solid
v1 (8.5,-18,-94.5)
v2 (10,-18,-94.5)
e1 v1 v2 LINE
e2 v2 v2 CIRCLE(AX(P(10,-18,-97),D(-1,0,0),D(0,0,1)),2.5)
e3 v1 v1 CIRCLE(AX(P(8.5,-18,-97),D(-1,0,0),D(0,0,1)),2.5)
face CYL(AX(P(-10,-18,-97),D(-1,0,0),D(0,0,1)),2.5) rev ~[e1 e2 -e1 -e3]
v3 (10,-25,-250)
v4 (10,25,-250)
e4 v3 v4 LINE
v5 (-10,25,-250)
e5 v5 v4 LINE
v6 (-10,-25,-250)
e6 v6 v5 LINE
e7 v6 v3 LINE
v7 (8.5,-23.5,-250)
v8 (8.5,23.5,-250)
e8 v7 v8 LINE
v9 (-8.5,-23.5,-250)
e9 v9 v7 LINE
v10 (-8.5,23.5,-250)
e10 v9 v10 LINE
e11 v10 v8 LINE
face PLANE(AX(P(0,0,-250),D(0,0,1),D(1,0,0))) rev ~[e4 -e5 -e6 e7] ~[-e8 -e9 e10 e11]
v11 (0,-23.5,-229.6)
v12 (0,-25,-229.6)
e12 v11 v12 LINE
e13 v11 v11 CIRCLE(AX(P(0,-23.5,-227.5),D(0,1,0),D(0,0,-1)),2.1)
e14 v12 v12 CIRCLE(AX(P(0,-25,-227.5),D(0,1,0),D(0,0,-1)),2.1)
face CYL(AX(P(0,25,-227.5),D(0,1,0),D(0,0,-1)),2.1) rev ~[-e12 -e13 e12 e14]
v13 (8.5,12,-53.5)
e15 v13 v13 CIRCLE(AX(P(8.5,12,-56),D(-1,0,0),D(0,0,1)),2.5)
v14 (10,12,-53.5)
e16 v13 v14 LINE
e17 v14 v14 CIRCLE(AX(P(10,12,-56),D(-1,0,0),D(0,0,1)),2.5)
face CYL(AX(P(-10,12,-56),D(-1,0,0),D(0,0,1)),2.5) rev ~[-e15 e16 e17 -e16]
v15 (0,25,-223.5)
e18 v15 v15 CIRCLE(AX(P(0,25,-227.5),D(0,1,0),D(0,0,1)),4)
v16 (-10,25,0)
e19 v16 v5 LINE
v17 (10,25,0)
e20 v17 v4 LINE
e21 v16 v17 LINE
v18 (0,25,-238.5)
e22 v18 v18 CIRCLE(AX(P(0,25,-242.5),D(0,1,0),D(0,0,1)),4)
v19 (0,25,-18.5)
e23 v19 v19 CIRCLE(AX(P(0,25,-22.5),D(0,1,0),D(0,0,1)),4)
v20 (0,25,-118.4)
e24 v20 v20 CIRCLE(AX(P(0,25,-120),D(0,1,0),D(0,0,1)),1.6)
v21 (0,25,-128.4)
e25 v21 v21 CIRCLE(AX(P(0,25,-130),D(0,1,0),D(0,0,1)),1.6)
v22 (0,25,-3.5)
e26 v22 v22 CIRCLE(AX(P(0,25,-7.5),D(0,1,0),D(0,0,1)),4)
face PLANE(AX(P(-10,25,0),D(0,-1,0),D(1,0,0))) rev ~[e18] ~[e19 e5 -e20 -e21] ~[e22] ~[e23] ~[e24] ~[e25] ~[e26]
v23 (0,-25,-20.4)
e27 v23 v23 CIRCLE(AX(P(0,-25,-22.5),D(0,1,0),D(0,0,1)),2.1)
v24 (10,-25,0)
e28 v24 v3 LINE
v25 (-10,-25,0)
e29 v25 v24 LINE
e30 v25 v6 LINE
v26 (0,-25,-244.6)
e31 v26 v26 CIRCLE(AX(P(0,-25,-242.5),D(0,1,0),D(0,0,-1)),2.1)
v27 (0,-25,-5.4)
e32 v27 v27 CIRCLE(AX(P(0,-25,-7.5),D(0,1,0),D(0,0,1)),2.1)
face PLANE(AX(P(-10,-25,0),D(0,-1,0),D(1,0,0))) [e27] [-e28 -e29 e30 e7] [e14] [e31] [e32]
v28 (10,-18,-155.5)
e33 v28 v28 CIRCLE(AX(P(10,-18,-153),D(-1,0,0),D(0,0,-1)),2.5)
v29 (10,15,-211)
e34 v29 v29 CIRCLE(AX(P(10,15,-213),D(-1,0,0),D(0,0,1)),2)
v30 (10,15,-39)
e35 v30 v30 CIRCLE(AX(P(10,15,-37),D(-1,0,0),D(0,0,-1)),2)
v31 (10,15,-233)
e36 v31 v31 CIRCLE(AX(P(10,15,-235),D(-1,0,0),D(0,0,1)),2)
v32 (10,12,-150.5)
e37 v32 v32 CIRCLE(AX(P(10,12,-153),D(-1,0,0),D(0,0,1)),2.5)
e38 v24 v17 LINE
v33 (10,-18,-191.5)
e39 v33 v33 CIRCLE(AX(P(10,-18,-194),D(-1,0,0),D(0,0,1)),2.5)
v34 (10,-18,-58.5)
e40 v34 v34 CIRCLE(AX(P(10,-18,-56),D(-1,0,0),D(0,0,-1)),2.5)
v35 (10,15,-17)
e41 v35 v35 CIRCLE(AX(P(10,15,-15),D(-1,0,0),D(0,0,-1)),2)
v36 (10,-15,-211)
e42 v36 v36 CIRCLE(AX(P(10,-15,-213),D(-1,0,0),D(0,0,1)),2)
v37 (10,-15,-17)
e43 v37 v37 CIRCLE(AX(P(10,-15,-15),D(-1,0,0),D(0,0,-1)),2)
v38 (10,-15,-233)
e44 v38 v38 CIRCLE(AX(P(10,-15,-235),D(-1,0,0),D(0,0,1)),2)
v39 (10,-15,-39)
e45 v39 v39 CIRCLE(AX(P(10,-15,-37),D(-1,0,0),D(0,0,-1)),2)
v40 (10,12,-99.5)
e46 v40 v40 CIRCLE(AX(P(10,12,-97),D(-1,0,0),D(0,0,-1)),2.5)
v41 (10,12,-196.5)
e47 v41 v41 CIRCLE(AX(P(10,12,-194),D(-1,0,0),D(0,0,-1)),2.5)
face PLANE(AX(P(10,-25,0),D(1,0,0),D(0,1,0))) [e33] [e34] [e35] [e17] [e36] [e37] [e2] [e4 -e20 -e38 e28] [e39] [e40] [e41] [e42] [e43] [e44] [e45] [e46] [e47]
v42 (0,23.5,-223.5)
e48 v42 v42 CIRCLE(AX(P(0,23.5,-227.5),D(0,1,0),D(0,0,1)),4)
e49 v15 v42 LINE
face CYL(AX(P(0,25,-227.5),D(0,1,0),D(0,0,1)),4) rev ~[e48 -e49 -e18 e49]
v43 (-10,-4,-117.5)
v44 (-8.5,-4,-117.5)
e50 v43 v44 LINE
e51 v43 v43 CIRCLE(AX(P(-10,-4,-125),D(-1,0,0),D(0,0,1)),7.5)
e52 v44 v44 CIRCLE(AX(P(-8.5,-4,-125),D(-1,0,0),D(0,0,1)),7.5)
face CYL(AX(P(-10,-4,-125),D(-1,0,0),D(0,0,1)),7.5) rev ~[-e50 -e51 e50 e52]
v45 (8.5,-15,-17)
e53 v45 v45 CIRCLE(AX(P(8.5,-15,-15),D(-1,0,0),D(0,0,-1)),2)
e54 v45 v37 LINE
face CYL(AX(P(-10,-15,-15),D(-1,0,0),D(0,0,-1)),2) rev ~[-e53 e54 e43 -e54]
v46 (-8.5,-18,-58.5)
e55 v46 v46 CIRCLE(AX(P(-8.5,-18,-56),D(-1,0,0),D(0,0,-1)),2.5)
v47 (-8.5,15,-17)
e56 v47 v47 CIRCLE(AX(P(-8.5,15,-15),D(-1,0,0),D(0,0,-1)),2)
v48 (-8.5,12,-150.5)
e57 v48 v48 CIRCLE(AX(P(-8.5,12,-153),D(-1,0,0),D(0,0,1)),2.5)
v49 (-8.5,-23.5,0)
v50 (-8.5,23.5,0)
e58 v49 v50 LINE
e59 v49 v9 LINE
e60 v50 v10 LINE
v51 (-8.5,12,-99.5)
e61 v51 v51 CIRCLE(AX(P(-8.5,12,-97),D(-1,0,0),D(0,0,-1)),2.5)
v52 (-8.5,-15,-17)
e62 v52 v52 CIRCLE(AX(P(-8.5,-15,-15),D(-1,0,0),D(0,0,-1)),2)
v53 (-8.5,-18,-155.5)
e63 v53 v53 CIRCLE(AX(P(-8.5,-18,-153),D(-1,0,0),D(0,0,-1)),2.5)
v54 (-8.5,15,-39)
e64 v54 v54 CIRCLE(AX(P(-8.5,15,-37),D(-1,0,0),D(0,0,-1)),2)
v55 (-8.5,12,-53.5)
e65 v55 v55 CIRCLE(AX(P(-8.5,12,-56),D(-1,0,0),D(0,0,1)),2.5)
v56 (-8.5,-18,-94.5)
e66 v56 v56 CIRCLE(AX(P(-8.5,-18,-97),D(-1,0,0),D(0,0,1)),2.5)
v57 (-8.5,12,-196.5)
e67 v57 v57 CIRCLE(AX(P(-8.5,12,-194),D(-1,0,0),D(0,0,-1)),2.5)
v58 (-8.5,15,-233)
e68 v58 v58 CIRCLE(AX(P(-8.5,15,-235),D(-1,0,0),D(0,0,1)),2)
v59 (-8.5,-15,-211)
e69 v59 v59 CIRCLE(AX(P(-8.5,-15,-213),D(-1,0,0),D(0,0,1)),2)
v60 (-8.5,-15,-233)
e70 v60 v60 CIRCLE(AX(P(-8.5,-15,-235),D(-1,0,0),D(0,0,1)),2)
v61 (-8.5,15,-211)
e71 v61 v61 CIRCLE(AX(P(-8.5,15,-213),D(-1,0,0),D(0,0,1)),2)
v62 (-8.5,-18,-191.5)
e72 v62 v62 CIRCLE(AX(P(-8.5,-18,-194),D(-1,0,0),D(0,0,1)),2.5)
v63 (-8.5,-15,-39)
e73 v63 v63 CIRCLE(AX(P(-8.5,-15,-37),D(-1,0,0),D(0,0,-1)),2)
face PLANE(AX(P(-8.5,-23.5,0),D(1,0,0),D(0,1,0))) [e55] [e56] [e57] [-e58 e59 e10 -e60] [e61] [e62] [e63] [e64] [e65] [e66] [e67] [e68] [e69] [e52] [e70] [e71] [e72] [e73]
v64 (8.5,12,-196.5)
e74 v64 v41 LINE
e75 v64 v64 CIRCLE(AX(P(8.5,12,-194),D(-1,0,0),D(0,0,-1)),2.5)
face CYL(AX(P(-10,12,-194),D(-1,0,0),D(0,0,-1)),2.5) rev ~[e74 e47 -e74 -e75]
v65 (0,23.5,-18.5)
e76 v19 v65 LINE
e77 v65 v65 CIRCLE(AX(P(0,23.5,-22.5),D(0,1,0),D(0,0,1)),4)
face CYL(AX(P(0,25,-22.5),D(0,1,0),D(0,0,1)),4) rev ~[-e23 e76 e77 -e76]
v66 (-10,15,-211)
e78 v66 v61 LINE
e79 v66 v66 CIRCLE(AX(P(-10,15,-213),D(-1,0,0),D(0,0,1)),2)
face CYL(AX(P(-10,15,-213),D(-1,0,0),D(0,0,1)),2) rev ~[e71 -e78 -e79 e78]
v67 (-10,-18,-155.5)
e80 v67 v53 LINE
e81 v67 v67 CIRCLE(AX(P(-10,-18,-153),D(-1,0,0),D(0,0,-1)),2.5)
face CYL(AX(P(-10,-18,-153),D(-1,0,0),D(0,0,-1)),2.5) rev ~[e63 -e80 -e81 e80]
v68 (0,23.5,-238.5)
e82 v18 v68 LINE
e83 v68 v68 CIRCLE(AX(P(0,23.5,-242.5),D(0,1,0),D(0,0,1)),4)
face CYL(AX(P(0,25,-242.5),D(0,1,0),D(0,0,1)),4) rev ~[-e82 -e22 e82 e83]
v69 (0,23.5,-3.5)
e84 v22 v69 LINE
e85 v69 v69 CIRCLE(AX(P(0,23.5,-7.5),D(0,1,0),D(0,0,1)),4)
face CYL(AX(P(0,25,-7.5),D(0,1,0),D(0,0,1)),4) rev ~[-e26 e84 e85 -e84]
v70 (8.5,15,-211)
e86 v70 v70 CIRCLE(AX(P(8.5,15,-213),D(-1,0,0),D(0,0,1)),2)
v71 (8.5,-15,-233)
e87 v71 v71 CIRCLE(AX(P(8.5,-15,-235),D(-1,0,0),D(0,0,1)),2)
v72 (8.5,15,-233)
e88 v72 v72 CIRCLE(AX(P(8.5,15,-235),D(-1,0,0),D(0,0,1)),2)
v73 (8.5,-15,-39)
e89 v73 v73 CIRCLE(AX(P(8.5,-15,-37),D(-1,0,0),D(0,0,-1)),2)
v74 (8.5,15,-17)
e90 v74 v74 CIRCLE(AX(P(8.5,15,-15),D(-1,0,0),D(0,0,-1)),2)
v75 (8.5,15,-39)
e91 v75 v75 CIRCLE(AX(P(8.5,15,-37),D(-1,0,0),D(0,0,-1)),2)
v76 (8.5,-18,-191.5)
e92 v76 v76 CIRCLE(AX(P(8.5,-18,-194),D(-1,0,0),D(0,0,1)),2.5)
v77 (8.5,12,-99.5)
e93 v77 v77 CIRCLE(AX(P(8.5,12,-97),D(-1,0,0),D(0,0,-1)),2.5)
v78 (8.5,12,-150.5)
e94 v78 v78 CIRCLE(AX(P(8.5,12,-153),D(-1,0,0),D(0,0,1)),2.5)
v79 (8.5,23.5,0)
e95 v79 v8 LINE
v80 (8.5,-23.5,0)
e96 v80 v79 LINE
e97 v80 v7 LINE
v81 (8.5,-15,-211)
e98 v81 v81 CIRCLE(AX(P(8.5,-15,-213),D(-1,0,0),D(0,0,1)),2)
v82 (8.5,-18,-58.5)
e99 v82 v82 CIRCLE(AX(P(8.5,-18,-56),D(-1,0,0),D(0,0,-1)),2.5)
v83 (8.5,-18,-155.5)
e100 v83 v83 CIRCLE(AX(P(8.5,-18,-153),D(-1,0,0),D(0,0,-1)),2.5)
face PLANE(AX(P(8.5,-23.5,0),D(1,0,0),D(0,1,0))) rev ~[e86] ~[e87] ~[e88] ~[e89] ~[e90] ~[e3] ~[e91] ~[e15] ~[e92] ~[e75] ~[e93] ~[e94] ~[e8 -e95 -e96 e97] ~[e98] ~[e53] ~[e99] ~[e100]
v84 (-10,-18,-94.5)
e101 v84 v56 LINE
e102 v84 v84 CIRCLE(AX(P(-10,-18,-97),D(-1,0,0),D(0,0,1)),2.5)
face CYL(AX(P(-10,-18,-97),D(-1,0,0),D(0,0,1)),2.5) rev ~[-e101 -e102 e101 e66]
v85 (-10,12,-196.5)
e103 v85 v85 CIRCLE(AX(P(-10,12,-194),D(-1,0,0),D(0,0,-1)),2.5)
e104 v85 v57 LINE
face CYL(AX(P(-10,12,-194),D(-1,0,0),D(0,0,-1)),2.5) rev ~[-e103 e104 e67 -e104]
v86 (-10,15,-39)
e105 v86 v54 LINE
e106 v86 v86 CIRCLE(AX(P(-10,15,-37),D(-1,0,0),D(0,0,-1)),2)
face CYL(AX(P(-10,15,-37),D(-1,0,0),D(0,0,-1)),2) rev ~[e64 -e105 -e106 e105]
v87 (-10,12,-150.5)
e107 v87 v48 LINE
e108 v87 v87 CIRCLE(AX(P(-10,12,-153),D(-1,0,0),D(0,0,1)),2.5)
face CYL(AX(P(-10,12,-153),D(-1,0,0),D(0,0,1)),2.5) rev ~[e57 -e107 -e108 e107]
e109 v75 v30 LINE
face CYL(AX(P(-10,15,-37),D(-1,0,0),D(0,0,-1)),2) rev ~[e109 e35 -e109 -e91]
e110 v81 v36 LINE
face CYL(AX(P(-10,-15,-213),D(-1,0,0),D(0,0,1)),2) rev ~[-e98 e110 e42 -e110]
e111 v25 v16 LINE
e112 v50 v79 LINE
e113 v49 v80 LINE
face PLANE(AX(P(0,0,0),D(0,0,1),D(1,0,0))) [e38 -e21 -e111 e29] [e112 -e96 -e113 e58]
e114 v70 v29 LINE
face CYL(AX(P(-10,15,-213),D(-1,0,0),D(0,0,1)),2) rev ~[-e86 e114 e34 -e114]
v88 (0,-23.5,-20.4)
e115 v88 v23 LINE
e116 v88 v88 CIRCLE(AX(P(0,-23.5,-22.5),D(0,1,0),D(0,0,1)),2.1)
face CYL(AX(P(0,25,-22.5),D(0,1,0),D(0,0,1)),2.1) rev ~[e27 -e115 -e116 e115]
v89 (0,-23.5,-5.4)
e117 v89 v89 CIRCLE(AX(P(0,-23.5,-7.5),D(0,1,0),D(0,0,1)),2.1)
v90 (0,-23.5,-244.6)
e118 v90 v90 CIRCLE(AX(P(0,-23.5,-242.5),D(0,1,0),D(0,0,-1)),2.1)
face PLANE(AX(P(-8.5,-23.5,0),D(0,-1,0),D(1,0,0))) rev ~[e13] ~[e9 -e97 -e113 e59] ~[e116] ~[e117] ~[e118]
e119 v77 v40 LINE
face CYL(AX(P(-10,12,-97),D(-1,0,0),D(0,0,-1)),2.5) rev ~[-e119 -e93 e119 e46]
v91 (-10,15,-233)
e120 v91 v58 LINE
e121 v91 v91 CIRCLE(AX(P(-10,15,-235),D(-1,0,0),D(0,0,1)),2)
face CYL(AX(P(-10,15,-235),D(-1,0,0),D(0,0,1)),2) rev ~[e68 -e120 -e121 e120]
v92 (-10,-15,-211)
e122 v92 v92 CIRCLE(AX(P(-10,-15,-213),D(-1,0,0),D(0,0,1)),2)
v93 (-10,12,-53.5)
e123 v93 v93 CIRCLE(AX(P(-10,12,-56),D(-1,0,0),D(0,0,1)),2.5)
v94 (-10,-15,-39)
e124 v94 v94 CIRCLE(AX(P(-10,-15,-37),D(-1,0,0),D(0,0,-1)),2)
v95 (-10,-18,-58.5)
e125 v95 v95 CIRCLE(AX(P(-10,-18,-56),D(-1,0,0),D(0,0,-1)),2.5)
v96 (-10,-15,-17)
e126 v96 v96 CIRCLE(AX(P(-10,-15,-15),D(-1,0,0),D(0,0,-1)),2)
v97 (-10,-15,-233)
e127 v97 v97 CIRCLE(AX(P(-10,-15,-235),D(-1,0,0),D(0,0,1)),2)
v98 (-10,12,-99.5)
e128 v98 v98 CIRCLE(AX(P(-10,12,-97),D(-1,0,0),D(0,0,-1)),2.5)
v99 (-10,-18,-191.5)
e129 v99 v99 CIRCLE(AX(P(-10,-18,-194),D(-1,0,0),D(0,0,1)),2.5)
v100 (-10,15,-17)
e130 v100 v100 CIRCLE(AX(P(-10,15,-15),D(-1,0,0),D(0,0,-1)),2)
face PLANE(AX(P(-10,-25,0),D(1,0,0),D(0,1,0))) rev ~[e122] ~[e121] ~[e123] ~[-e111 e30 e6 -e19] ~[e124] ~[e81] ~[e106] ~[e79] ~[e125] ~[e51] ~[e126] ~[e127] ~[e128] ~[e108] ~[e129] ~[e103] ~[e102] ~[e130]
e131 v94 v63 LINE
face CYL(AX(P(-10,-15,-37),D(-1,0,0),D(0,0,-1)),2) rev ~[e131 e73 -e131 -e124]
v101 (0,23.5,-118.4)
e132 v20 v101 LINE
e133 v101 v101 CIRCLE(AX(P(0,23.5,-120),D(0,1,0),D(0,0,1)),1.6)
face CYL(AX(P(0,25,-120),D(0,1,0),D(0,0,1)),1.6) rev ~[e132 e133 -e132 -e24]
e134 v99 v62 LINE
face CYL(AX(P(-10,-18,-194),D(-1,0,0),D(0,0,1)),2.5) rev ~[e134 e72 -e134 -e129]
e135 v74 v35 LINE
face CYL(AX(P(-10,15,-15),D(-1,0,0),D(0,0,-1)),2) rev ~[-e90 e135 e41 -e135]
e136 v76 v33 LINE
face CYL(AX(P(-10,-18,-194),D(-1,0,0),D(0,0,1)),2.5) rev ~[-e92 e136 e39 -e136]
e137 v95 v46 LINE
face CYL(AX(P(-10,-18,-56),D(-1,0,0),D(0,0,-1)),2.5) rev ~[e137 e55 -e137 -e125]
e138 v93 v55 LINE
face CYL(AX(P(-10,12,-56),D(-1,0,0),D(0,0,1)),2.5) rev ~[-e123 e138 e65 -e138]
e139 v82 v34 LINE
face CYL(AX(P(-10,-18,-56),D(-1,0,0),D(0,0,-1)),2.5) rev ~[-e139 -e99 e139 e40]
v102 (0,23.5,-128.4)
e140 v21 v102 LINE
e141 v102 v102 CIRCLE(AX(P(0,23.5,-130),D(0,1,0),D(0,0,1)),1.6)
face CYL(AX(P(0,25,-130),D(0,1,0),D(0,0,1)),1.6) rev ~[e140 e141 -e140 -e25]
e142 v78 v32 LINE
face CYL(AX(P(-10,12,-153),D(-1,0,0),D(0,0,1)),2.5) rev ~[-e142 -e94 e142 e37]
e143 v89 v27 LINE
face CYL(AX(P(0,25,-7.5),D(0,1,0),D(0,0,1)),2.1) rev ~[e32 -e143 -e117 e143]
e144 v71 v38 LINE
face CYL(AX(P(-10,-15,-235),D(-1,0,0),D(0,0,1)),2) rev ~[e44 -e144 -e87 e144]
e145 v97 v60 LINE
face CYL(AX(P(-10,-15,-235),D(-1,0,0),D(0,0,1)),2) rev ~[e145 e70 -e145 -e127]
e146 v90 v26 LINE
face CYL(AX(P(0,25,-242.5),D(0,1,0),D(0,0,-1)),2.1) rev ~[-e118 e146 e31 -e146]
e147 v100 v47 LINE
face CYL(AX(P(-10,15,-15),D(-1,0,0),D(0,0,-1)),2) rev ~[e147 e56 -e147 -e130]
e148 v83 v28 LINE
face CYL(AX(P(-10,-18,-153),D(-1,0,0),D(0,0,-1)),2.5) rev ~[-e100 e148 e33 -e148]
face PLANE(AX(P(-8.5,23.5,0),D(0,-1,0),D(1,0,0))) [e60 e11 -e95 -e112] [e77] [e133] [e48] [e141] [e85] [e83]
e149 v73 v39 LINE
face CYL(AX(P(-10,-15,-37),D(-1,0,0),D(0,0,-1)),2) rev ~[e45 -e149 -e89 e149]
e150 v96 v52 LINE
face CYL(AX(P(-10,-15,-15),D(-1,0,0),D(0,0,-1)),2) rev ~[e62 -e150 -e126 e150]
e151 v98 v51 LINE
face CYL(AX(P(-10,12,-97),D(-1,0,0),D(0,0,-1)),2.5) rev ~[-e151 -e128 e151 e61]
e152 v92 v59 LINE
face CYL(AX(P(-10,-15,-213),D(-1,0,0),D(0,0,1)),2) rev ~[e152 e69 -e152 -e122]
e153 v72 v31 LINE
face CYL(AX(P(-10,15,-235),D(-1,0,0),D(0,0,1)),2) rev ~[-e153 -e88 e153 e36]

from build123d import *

# Parameters (mm, degrees)
SKETCH_1_W          = 20
SKETCH_1_H          = 50
SKETCH_1_W_2        = 17
SKETCH_1_H_2        = 47
EXTRUDE_1_DEPTH     = 250
SKETCH_2_R          = 2.5
CUT_EXTRUDE_1_DEPTH = 253.041663223
SKETCH_3_R          = 2.1
CUT_EXTRUDE_2_DEPTH = 256.147016443
SKETCH_4_R          = 1.6
CUT_EXTRUDE_3_DEPTH = 10
SKETCH_5_R          = 4
CUT_EXTRUDE_4_DEPTH = 10
SKETCH_6_R          = 7.5
CUT_EXTRUDE_5_DEPTH = 10
SKETCH_7_R          = 2
CUT_EXTRUDE_6_DEPTH = 253.041663223


with BuildPart() as part:
    # 草图1 → 凸台-拉伸1 (new body)
    with BuildSketch(Plane.XY):
        Rectangle(SKETCH_1_W, SKETCH_1_H)
        Rectangle(SKETCH_1_W_2, SKETCH_1_H_2, mode=Mode.SUBTRACT)
    extrude(amount=-EXTRUDE_1_DEPTH)

    # 草图2 → 切除-拉伸1 (cut, through all)
    with BuildSketch(Plane.ZY.offset(10)):
        with Locations((-56, 12)):
            Circle(SKETCH_2_R)
        with Locations(Location((-97, 12, 0), (0, 0, 180))):
            Circle(SKETCH_2_R)
        with Locations((-97, -18)):
            Circle(SKETCH_2_R)
        with Locations(Location((-56, -18, 0), (0, 0, 180))):
            Circle(SKETCH_2_R)
        with Locations((-194, -18)):
            Circle(SKETCH_2_R)
        with Locations(Location((-153, -18, 0), (0, 0, 180))):
            Circle(SKETCH_2_R)
        with Locations((-153, 12)):
            Circle(SKETCH_2_R)
        with Locations(Location((-194, 12, 0), (0, 0, 180))):
            Circle(SKETCH_2_R)
    extrude(amount=-CUT_EXTRUDE_1_DEPTH, mode=Mode.SUBTRACT)

    # 草图3 → 切除-拉伸2 (cut, through all)
    with BuildSketch(Plane(origin=(0, 25, 0), x_dir=(1, 0, 0), z_dir=(0, 1, 0))):
        with Locations(Location((0, 22.5, 0), (0, 0, 270))):
            Circle(SKETCH_3_R)
        with Locations(Location((0, 7.5, 0), (0, 0, 270))):
            Circle(SKETCH_3_R)
        with Locations(Location((0, 242.5, 0), (0, 0, 90))):
            Circle(SKETCH_3_R)
        with Locations(Location((0, 227.5, 0), (0, 0, 90))):
            Circle(SKETCH_3_R)
    extrude(amount=-CUT_EXTRUDE_2_DEPTH, mode=Mode.SUBTRACT)

    # 草图4 → 切除-拉伸3 (cut)
    with BuildSketch(Plane(origin=(0, 25, 0), x_dir=(1, 0, 0), z_dir=(0, 1, 0))):
        with Locations(Location((0, 130, 0), (0, 0, 270))):
            Circle(SKETCH_4_R)
        with Locations(Location((0, 120, 0), (0, 0, 270))):
            Circle(SKETCH_4_R)
    extrude(amount=-CUT_EXTRUDE_3_DEPTH, mode=Mode.SUBTRACT)

    # 草图5 → 切除-拉伸4 (cut)
    with BuildSketch(Plane(origin=(0, 25, 0), x_dir=(1, 0, 0), z_dir=(0, 1, 0))):
        with Locations(Location((0, 22.5, 0), (0, 0, 270))):
            Circle(SKETCH_5_R)
        with Locations(Location((0, 7.5, 0), (0, 0, 270))):
            Circle(SKETCH_5_R)
        with Locations(Location((0, 242.5, 0), (0, 0, 270))):
            Circle(SKETCH_5_R)
        with Locations(Location((0, 227.5, 0), (0, 0, 270))):
            Circle(SKETCH_5_R)
    extrude(amount=-CUT_EXTRUDE_4_DEPTH, mode=Mode.SUBTRACT)

    # 草图6 → 切除-拉伸5 (cut)
    with BuildSketch(Plane.ZY.offset(10)):
        with Locations((-125, -4)):
            Circle(SKETCH_6_R)
    extrude(amount=-CUT_EXTRUDE_5_DEPTH, mode=Mode.SUBTRACT)

    # 草图7 → 切除-拉伸6 (cut, through all)
    with BuildSketch(Plane.ZY.offset(10)):
        with Locations((-235, 15)):
            Circle(SKETCH_7_R)
        with Locations((-213, 15)):
            Circle(SKETCH_7_R)
        with Locations((-235, -15)):
            Circle(SKETCH_7_R)
        with Locations((-213, -15)):
            Circle(SKETCH_7_R)
        with Locations(Location((-37, -15, 0), (0, 0, 180))):
            Circle(SKETCH_7_R)
        with Locations(Location((-15, -15, 0), (0, 0, 180))):
            Circle(SKETCH_7_R)
        with Locations(Location((-37, 15, 0), (0, 0, 180))):
            Circle(SKETCH_7_R)
        with Locations(Location((-15, 15, 0), (0, 0, 180))):
            Circle(SKETCH_7_R)
    extrude(amount=-CUT_EXTRUDE_6_DEPTH, mode=Mode.SUBTRACT)


solid = part.part
